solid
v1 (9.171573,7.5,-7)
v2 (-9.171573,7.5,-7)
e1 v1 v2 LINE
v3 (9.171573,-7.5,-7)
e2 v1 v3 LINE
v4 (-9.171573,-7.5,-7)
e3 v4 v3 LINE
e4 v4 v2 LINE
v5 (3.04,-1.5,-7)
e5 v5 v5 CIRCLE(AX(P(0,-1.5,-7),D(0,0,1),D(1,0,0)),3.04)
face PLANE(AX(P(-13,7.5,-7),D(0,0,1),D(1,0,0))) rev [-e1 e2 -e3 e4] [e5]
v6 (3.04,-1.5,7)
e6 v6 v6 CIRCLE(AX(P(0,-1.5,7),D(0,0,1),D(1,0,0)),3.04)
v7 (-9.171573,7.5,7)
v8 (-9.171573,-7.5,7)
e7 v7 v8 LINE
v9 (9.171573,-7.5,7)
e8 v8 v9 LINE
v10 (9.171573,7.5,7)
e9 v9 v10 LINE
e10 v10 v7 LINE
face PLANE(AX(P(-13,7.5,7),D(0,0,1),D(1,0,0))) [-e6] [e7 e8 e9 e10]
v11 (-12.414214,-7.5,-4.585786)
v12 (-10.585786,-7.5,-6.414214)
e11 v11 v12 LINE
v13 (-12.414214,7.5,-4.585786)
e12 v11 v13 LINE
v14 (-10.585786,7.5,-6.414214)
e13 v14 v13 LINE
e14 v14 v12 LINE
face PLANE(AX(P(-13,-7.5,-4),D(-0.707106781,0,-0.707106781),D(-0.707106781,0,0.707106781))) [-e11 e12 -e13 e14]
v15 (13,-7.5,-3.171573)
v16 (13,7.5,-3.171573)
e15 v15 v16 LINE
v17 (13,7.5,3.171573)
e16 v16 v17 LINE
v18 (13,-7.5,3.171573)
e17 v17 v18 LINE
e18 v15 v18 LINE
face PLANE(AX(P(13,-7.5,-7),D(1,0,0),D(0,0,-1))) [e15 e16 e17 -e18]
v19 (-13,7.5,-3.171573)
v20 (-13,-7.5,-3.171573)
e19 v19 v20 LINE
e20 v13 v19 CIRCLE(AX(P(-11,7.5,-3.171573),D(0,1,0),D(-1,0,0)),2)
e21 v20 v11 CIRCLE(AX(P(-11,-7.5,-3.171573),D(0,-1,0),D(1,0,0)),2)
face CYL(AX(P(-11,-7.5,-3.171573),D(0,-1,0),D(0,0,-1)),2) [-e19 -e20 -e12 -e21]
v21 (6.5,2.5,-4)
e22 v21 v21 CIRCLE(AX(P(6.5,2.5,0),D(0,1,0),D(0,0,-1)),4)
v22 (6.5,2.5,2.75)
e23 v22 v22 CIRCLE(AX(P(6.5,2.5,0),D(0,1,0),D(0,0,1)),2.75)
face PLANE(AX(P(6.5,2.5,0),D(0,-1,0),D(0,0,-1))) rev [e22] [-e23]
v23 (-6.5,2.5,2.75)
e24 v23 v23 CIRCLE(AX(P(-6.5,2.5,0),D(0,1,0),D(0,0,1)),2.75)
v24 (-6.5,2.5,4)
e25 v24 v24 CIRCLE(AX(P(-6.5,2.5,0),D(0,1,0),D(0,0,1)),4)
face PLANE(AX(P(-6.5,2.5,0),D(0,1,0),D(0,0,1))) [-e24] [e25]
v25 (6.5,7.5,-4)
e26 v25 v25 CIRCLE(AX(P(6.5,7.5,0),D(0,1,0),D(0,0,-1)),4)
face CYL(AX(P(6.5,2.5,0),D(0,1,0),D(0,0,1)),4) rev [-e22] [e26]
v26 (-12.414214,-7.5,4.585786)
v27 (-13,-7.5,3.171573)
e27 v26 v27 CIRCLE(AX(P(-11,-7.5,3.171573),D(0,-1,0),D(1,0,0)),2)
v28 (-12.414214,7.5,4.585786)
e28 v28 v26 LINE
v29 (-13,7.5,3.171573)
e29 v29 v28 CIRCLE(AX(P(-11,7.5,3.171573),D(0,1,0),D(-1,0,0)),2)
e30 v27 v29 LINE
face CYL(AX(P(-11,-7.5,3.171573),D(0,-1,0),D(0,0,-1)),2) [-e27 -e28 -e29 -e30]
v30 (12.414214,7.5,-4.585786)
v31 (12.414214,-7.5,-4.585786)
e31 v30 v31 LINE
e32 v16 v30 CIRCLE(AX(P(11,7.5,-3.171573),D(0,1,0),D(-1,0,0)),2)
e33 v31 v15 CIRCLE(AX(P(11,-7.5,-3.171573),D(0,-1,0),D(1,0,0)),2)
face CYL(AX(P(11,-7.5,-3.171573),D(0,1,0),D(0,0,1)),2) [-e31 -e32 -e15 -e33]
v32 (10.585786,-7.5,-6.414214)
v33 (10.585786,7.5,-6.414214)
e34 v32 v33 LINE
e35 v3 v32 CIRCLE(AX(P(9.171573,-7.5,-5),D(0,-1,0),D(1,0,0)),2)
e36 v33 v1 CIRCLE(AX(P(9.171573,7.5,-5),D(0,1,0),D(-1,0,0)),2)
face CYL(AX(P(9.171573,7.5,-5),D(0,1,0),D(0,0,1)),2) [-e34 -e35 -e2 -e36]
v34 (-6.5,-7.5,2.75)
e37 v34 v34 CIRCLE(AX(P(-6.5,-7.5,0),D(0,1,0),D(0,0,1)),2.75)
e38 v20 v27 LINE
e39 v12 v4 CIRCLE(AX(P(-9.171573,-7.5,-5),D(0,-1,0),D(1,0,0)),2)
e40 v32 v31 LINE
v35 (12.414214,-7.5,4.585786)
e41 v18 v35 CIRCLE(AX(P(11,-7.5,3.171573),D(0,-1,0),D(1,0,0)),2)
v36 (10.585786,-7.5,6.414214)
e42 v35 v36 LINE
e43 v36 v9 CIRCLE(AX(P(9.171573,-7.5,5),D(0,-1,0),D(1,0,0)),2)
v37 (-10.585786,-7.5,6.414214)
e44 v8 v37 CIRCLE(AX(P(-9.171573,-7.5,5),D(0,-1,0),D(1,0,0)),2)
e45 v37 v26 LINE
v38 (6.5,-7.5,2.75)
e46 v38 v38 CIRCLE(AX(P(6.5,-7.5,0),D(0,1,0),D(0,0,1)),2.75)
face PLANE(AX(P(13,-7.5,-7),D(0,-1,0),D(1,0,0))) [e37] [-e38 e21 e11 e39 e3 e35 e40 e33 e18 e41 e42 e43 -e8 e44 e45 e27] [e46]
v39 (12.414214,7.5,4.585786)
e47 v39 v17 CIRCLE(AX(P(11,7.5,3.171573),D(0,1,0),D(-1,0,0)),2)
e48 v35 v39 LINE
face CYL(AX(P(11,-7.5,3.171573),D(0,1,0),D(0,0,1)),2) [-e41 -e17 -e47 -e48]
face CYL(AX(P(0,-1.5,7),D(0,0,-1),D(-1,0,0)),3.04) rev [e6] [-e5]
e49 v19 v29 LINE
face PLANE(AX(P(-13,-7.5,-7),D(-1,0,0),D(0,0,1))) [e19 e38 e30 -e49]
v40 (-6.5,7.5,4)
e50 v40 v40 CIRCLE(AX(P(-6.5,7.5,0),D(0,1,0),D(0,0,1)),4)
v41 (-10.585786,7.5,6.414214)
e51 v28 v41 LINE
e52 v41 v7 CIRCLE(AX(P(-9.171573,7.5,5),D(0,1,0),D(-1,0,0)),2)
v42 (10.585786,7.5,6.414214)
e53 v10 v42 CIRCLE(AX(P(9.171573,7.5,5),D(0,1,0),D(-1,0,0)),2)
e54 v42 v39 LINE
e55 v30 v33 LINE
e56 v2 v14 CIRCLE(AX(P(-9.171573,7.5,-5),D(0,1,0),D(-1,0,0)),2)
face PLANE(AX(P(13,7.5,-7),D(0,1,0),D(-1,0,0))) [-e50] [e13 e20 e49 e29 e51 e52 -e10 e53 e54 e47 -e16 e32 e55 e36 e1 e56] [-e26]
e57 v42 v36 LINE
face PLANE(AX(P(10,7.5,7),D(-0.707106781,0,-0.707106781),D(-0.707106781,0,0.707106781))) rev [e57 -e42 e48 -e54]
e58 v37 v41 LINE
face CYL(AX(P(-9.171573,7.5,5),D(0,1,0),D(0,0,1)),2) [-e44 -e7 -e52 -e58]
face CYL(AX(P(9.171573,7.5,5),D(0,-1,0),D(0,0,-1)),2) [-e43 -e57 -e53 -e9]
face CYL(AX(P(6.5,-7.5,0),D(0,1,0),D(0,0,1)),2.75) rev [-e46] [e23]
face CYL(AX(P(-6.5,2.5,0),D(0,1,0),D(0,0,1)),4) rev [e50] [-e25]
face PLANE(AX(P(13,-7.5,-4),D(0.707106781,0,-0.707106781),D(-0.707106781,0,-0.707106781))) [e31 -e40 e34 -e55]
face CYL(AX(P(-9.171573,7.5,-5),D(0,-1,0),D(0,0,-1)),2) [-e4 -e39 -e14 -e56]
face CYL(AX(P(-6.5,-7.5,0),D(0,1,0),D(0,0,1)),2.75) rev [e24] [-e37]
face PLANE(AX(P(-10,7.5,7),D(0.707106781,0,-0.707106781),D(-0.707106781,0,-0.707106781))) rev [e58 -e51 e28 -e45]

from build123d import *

# Parameters (mm, degrees)
BOSS_EXTRUDE1_DEPTH      = 7
BOSS_EXTRUDE1_DEPTH_BACK = 7
SKETCH1_W                = 26
SKETCH1_H                = 15
CUT_EXTRUDE1_DEPTH       = 7
CUT_EXTRUDE1_DEPTH_BACK  = 7
SKETCH3_R                = 3.04
SKETCH4_R                = 4
CUT_EXTRUDE2_DEPTH       = 5
CHAMFER1_SIZE            = 3
FILLET1_R                = 2
ESQUISSE1_R              = 2.75
ENL_V_MAT_EXTRU_1_DEPTH  = 10
ESQUISSE2_R              = 2.75
ENL_V_MAT_EXTRU_2_DEPTH  = 10


with BuildPart() as part:
    # Sketch1 → Boss-Extrude1 (new, two sides: drawn at the far end of the back side and taken through both)
    with BuildSketch(Plane.XY.offset(-BOSS_EXTRUDE1_DEPTH_BACK)):
        Rectangle(SKETCH1_W, SKETCH1_H)
    extrude(amount=BOSS_EXTRUDE1_DEPTH + BOSS_EXTRUDE1_DEPTH_BACK)

    # Sketch3 → Cut-Extrude1 (cut, two sides: drawn at the far end of the back side and taken through both)
    with BuildSketch(Plane.XY.offset(-CUT_EXTRUDE1_DEPTH_BACK)):
        with Locations((0, -1.5)):
            Circle(SKETCH3_R)
    extrude(amount=CUT_EXTRUDE1_DEPTH + CUT_EXTRUDE1_DEPTH_BACK, mode=Mode.SUBTRACT)

    # Sketch4 → Cut-Extrude2 (cut)
    with BuildSketch(Plane(origin=(0, 7.5, 0), x_dir=(1, 0, 0), z_dir=(0, 1, 0))):
        with Locations((-6.5, 0)):
            Circle(SKETCH4_R)
        with Locations((6.5, 0)):
            Circle(SKETCH4_R)
    extrude(amount=-CUT_EXTRUDE2_DEPTH, mode=Mode.SUBTRACT)

    # Chamfer1
    chamfer1_edges = [part.edges().sort_by_distance(p)[0] for p in [
        (13, 0, -7),
        (13, 0, 7),
        (-13, 0, -7),
        (-13, 0, 7),
    ]]
    chamfer(chamfer1_edges, length=CHAMFER1_SIZE)

    # Fillet1
    fillet1_edges = [part.edges().sort_by_distance(p)[0] for p in [
        (-10, 0, -7),
        (-13, 0, -4),
        (10, 0, -7),
        (13, 0, -4),
        (13, 0, 4),
        (10, 0, 7),
        (-13, 0, 4),
        (-10, 0, 7),
    ]]
    fillet(fillet1_edges, radius=FILLET1_R)

    # Esquisse1 → Enlèv. mat.-Extru.1 (cut)
    with BuildSketch(Plane(origin=(0, 2.5, 0), x_dir=(1, 0, 0), z_dir=(0, 1, 0))):
        with Locations((6.5, 0)):
            Circle(ESQUISSE1_R)
    extrude(amount=-ENL_V_MAT_EXTRU_1_DEPTH, mode=Mode.SUBTRACT)

    # Esquisse2 → Enlèv. mat.-Extru.2 (cut)
    with BuildSketch(Plane(origin=(0, 2.5, 0), x_dir=(1, 0, 0), z_dir=(0, 1, 0))):
        with Locations((-6.5, 0)):
            Circle(ESQUISSE2_R)
    extrude(amount=-ENL_V_MAT_EXTRU_2_DEPTH, mode=Mode.SUBTRACT)


solid = part.part
